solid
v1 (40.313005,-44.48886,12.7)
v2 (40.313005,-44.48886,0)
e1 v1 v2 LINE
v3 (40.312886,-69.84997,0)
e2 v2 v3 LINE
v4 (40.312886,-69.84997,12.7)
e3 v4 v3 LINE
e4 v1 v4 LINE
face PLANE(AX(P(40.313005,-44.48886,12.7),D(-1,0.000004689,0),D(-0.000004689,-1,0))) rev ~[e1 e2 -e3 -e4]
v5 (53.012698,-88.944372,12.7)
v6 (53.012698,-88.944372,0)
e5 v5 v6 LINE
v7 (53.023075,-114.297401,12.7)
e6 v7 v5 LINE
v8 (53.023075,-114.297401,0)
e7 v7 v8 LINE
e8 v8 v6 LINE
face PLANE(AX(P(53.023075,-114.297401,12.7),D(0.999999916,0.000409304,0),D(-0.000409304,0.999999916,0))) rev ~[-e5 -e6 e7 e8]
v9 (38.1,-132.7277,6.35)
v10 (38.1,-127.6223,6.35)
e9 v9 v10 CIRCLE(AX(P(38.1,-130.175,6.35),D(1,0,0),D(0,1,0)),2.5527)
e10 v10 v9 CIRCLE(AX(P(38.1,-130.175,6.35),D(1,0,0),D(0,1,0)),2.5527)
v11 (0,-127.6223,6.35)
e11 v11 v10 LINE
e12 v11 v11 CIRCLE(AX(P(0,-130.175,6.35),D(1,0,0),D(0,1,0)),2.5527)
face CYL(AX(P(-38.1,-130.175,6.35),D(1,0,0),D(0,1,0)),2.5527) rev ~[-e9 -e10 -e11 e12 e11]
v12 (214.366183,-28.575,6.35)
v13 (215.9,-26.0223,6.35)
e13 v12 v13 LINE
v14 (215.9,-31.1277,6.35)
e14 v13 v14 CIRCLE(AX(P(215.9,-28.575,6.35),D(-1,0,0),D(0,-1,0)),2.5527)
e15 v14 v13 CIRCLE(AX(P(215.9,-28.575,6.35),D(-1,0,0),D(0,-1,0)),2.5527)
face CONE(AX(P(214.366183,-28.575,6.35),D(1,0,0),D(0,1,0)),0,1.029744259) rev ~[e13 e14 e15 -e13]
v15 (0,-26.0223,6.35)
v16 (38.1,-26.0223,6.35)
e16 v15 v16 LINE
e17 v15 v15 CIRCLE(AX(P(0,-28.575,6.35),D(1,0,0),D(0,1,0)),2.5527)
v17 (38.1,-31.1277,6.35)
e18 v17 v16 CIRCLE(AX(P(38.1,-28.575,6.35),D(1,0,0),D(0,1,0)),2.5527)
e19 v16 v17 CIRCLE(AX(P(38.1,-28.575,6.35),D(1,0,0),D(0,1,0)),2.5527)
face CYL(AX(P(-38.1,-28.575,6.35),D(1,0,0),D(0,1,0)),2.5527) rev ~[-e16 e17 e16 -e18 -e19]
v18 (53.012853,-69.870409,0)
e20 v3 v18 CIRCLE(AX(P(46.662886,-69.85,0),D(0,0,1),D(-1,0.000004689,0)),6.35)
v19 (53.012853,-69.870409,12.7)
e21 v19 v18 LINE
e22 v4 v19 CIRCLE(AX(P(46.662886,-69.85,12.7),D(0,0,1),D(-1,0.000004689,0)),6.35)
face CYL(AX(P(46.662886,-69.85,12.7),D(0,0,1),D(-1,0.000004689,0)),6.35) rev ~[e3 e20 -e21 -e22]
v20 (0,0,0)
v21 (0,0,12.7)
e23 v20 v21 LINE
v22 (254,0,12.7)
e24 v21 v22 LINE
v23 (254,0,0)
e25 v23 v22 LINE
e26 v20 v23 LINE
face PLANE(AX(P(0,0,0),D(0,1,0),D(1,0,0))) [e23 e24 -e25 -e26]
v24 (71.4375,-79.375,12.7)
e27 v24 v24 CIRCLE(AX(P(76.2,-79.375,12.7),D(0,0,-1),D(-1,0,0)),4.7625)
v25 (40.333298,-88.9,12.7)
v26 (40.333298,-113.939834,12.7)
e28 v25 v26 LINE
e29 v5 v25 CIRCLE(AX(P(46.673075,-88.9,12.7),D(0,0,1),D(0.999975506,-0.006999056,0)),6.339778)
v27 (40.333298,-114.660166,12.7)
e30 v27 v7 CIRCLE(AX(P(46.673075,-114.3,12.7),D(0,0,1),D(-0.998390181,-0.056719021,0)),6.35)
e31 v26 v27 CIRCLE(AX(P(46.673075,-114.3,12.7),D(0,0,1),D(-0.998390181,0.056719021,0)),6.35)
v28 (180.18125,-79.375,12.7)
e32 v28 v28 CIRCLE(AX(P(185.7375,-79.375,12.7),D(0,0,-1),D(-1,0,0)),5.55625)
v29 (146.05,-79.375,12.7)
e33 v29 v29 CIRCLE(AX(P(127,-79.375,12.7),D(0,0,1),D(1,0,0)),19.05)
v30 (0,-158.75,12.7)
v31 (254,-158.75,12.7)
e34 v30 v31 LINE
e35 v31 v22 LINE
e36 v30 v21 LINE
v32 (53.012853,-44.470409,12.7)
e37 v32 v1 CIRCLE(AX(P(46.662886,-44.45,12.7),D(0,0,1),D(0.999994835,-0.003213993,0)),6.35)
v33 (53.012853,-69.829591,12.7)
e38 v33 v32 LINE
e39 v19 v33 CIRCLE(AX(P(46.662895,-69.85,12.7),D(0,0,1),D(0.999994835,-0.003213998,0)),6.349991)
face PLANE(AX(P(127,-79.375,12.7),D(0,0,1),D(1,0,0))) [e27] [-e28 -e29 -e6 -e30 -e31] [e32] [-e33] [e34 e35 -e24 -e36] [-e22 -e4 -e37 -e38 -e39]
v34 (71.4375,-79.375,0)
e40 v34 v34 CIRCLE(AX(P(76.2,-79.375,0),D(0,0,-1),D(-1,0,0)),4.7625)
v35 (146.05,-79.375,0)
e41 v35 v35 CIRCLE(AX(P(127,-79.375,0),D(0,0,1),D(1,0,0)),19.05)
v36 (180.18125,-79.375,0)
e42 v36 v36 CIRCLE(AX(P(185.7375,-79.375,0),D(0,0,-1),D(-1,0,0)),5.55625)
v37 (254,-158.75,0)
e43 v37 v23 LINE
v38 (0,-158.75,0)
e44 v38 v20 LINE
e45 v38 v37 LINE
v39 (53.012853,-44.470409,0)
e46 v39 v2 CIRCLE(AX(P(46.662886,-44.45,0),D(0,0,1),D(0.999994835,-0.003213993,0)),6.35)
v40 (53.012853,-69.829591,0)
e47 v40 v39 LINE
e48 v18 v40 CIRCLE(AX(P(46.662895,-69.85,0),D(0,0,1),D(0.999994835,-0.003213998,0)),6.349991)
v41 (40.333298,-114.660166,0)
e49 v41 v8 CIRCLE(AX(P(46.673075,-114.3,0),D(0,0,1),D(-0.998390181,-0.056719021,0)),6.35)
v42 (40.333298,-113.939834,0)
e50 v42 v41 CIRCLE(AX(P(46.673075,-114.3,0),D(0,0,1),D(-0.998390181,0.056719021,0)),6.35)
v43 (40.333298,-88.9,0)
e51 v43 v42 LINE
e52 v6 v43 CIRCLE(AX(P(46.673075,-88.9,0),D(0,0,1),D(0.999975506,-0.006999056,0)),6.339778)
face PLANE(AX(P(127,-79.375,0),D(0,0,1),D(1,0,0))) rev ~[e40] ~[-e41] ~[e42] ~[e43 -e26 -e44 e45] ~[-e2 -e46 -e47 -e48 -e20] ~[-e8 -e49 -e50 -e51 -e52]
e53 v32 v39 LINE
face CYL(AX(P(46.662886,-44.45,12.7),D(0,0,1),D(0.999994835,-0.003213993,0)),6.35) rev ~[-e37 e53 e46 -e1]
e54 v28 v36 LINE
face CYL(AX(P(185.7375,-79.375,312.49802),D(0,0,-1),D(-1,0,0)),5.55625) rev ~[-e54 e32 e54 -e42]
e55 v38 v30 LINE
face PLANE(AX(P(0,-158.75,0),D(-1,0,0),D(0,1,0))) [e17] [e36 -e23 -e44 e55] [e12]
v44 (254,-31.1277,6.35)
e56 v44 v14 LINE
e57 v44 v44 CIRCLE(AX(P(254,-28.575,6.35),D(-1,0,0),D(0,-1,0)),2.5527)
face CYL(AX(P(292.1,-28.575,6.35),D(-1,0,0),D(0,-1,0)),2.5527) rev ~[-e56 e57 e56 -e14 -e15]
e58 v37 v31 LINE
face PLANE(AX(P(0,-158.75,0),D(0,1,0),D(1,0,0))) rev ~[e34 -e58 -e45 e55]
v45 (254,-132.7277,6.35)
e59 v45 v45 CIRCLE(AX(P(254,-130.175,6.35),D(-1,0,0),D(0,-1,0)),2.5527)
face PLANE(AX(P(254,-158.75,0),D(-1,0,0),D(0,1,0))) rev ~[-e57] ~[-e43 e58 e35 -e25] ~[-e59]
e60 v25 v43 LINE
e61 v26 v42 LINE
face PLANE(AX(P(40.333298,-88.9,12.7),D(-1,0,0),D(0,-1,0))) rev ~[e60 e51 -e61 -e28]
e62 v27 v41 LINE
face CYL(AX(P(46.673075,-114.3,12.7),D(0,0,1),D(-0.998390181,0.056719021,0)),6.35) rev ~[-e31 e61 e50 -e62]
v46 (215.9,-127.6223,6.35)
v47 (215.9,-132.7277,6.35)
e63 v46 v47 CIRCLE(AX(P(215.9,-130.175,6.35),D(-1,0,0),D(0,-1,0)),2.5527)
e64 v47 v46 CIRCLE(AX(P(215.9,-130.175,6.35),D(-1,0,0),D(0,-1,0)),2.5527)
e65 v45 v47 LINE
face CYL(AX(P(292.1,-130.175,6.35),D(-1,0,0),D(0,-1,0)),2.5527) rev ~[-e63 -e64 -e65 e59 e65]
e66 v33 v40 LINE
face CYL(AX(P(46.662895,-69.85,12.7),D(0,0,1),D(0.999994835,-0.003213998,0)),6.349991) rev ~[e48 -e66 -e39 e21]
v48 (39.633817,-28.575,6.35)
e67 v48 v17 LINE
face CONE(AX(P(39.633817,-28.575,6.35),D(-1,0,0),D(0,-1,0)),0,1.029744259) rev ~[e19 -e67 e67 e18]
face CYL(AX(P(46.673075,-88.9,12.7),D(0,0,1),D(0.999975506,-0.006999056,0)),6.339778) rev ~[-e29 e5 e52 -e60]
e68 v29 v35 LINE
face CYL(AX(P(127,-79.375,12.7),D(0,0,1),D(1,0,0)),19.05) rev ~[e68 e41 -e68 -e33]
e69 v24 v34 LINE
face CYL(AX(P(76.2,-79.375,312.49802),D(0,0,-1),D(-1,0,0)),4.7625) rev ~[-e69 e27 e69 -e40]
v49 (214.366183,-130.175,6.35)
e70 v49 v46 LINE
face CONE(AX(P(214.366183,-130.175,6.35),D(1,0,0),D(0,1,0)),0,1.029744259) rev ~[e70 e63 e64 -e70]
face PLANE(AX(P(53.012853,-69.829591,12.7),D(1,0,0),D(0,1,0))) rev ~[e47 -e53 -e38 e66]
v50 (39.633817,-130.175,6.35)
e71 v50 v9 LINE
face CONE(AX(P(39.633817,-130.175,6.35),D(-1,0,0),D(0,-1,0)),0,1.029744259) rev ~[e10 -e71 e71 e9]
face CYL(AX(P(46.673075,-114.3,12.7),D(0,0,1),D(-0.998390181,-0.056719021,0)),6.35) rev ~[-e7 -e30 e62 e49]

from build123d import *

# Parameters (mm, degrees)
F0_W      = 254
F0_H      = 158.75
F1_DEPTH  = 12.7
F2_R      = 19.05
F3_DEPTH  = 12.701
F5_D      = 5.1054
F5_DEPTH  = 38.1
F5_TIP    = 1.5338169022
F7_D      = 5.1054
F7_DEPTH  = 38.1
F7_TIP    = 1.5338169022
F9_D      = 9.525
F11_D     = 11.1125
F13_DEPTH = 12.701
F15_DEPTH = 12.701


with BuildPart() as f1:
    # F0 (on Top) → F1 (new body)
    with BuildSketch(Plane.XY):
        with Locations((127, -79.375)):
            Rectangle(F0_W, F0_H)
    extrude(amount=F1_DEPTH)

    # F2 (on face) → F3 (cut, through all)
    with BuildSketch(Plane.XY.offset(12.7)):
        with Locations((127, -79.375)):
            Circle(F2_R)
    extrude(amount=-F3_DEPTH, mode=Mode.SUBTRACT)

    # F5
    with Locations(Plane.YZ.offset(254)):
        with Locations((-28.575, 6.35), (-130.175, 6.35)):
            Hole(F5_D / 2, depth=F5_DEPTH)
            with Locations((0, 0, -(F5_DEPTH + F5_TIP / 2))):  # 118° drill point
                Cone(0, F5_D / 2, F5_TIP, mode=Mode.SUBTRACT)

    # F7
    with Locations(Plane(origin=(0, 0, 0), x_dir=(0, -1, 0), z_dir=(-1, 0, 0))):
        with Locations((28.575, 6.35), (130.175, 6.35)):
            Hole(F7_D / 2, depth=F7_DEPTH)
            with Locations((0, 0, -(F7_DEPTH + F7_TIP / 2))):  # 118° drill point
                Cone(0, F7_D / 2, F7_TIP, mode=Mode.SUBTRACT)

    # F9 (through all)
    with Locations(Plane.XY.offset(12.7)):
        with Locations((76.2, -79.375)):
            Hole(F9_D / 2)

    # F11 (through all)
    with Locations(Plane.XY.offset(12.7)):
        with Locations((185.7375, -79.375)):
            Hole(F11_D / 2)

    # F12 (on face) → F13 (cut, through all)
    with BuildSketch(Plane.XY.offset(12.7)):
        with BuildLine():
            Line((40.3130046014, -44.4888598491), (40.3128856958, -69.849970228))
            ThreePointArc((40.3128856958, -69.849970228), (46.6526663673, -76.1999917768), (53.0128528986, -69.8704088586))
            ThreePointArc((53.0128528986, -69.8704088586), (53.0128856957, -69.85), (53.0128528986, -69.8295911414))
            Line((53.0128528986, -69.8295911414), (53.0128528986, -44.4704088586))
            ThreePointArc((53.0128528986, -44.4704088586), (46.6536601, -38.1000067017), (40.3130046014, -44.4888598491))
        make_face()
    extrude(amount=-F13_DEPTH, mode=Mode.SUBTRACT)

    # F14 (on face) → F15 (cut, through all)
    with BuildSketch(Plane.XY.offset(12.7)):
        with BuildLine():
            Line((53.0230747203, -114.2974009173), (53.0126976141, -88.9443724583))
            ThreePointArc((53.0126976141, -88.9443724583), (46.6952616172, -82.5602611748), (40.3332976057, -88.9))
            Line((40.3332976057, -88.9), (40.3332976057, -113.9398342138))
            Line((40.3332976057, -113.9398342138), (40.3332976057, -114.6601657862))
            ThreePointArc((40.3332976057, -114.6601657862), (46.8545296788, -120.647406895), (53.0230747203, -114.2974009173))
        make_face()
        with BuildLine():
            Line((40.3332976057, -114.6601657862), (40.3332976057, -113.9398342138))
            ThreePointArc((40.3332976057, -113.9398342138), (40.3230752522, -114.3), (40.3332976057, -114.6601657862))
        make_face()
    extrude(amount=-F15_DEPTH, mode=Mode.SUBTRACT)


solid = f1.part
